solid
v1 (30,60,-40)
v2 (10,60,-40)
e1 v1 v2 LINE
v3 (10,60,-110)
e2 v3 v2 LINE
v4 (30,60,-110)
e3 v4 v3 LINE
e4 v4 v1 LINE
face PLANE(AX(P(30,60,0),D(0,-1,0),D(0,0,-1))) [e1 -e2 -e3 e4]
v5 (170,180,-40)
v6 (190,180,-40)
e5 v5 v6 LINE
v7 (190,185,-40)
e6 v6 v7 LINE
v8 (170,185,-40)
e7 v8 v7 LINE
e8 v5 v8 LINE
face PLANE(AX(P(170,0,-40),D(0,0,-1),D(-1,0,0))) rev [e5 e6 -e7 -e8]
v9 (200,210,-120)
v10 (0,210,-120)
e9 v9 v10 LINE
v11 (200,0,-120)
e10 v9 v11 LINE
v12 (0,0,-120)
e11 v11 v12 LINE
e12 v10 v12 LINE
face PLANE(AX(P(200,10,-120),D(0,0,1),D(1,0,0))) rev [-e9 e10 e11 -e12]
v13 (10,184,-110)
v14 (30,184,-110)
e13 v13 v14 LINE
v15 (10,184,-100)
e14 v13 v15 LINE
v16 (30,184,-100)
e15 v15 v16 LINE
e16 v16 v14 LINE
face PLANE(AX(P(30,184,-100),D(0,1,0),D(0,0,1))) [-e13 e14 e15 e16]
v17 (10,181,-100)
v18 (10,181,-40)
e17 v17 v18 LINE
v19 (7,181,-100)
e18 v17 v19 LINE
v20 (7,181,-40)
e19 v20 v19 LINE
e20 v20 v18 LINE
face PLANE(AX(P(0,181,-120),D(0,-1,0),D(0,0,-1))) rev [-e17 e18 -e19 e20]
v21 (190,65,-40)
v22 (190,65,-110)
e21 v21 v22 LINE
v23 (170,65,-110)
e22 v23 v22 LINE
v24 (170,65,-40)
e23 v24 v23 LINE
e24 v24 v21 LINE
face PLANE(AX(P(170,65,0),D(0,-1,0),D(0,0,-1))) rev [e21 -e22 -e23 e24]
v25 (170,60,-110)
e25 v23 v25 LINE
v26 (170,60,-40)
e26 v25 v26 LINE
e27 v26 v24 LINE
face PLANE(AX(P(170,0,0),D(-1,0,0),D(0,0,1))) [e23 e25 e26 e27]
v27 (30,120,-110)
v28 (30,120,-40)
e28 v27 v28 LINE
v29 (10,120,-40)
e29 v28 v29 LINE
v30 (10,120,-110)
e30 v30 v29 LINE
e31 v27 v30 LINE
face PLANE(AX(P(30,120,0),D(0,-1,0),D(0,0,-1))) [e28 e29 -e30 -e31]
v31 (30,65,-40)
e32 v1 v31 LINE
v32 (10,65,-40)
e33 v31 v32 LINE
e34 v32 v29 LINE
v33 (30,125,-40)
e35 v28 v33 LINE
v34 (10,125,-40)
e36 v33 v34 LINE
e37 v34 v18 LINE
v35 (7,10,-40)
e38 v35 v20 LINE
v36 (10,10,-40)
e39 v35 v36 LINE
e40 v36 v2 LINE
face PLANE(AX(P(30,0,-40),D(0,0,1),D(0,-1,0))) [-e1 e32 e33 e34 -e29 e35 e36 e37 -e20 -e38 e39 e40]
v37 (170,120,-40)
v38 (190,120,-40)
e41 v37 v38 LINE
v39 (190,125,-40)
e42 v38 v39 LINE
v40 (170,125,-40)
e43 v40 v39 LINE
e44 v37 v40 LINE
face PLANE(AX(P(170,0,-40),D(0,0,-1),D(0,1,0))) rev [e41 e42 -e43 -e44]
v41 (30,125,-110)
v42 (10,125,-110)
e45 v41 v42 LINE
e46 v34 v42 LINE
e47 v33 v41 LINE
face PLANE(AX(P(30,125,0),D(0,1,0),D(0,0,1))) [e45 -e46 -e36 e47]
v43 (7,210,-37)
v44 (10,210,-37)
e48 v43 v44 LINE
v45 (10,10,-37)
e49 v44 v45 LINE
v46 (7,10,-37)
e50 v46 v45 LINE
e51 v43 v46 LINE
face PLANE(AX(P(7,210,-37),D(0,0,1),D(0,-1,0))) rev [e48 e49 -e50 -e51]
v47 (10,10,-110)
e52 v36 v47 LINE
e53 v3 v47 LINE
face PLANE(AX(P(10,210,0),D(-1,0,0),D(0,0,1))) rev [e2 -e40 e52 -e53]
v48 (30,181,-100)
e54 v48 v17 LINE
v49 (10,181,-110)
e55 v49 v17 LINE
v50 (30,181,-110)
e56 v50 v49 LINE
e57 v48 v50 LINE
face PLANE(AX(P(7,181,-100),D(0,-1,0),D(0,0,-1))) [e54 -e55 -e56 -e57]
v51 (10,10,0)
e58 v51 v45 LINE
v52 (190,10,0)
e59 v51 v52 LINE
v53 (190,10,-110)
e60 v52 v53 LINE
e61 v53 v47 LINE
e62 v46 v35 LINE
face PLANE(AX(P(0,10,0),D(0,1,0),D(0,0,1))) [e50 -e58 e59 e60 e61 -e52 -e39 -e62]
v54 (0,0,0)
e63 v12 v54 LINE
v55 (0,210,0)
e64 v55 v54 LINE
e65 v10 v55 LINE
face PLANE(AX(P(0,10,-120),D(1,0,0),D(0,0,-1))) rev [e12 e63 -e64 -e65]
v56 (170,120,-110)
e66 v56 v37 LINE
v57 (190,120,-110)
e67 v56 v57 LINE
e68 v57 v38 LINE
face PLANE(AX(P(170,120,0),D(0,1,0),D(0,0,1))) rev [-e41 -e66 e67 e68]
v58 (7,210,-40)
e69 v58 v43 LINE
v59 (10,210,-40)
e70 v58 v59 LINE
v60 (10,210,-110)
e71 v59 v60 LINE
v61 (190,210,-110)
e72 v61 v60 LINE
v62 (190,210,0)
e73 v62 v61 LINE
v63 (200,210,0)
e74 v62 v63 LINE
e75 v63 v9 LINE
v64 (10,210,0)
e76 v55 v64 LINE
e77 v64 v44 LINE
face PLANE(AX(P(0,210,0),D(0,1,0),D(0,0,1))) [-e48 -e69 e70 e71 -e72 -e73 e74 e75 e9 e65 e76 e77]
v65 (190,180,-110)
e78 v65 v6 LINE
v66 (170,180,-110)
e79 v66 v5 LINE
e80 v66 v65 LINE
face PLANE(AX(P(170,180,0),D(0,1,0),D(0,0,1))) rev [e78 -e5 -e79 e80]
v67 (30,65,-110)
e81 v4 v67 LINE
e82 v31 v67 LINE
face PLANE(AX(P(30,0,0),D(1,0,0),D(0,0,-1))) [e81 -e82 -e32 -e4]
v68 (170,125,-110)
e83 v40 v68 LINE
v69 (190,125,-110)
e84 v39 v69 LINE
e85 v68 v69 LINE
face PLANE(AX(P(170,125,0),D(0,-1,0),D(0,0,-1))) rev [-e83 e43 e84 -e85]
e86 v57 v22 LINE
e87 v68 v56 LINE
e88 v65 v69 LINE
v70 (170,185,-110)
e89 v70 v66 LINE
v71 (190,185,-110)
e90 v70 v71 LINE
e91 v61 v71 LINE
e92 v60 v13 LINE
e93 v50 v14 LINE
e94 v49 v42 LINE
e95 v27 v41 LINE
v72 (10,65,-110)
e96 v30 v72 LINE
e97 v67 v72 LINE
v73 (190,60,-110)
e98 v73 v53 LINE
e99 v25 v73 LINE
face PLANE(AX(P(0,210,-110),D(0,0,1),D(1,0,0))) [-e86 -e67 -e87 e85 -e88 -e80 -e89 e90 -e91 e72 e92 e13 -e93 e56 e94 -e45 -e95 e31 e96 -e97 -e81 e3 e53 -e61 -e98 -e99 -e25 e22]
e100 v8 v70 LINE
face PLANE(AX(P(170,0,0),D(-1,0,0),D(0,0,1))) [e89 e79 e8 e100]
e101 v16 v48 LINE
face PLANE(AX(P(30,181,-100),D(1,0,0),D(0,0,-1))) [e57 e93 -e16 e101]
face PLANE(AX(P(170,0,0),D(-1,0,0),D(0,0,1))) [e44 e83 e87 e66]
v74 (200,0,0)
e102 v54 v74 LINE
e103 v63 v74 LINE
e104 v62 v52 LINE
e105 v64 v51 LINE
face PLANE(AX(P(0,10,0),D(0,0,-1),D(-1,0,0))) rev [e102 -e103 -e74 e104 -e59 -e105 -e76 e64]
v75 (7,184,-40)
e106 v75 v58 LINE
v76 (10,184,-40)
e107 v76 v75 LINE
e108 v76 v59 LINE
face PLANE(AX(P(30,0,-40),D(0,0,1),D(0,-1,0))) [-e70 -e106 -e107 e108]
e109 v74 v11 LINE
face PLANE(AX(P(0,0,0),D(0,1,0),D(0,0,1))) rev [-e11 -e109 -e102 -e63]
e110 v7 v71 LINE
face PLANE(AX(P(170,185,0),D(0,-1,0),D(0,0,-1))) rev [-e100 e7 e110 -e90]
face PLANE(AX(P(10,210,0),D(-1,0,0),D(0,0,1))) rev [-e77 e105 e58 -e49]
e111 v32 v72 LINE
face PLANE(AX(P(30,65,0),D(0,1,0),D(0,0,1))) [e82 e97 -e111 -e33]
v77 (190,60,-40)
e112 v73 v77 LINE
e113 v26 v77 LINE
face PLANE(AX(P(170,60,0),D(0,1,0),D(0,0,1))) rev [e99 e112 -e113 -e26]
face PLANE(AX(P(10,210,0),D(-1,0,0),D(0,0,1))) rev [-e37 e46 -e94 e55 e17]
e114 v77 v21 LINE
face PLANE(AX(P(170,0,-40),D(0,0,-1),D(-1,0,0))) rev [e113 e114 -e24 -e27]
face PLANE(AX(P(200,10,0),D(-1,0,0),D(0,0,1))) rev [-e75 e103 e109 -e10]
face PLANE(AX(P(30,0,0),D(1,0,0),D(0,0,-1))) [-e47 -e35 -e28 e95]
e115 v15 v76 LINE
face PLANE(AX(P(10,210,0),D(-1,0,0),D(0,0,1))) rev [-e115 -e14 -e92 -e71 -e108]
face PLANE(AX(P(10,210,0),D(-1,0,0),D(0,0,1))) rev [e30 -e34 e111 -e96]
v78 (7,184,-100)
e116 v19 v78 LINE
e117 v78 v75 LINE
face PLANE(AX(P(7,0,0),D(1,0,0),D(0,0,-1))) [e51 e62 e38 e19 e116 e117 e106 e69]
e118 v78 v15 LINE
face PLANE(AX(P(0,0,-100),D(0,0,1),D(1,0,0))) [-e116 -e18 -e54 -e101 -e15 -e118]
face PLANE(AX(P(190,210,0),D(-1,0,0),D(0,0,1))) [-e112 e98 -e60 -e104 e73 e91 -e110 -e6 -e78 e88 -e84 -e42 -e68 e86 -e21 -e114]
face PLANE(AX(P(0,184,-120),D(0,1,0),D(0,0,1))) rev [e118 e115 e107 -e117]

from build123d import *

# Parameters (mm, degrees)
SKETCH1_W           = 200
SKETCH1_H           = 120
BOSS_EXTRUDE2_DEPTH = 10
SKETCH2_W           = 10
SKETCH2_H           = 110
BOSS_EXTRUDE3_DEPTH = 200
SKETCH3_W           = 70
SKETCH3_H           = 5
BOSS_EXTRUDE4_DEPTH = 20
SKETCH4_W           = 70
SKETCH4_H           = 5
BOSS_EXTRUDE5_DEPTH = 20
SKETCH6_W           = 20
SKETCH6_H           = 3
CUT_EXTRUDE1_DEPTH  = 80
CUT_EXTRUDE2_DEPTH  = 3
SKETCH9_W           = 80
SKETCH9_H           = 3
CUT_EXTRUDE5_DEPTH  = 3
SKETCH10_W          = 20
SKETCH10_H          = 1
CUT_EXTRUDE6_DEPTH  = 70
SKETCH11_W          = 23
SKETCH11_H          = 3
BOSS_EXTRUDE6_DEPTH = 20


with BuildPart() as part:
    # Sketch1 → Boss-Extrude2 (new body)
    with BuildSketch(Plane(origin=(0, 0, 0), x_dir=(1, 0, 0), z_dir=(0, 1, 0))):
        with Locations((100, 60)):
            Rectangle(SKETCH1_W, SKETCH1_H)
    extrude(amount=BOSS_EXTRUDE2_DEPTH)

    # Sketch2 → Boss-Extrude3 (add)
    with BuildSketch(Plane(origin=(0, 10, 0), x_dir=(1, 0, 0), z_dir=(0, 1, 0))):
        with Locations((5, 55)):
            Rectangle(SKETCH2_W, SKETCH2_H)
        Polygon((200, 120), (0, 120), (0, 110), (10, 110), (190, 110), (200, 110), align=None)
        with Locations((195, 55)):
            Rectangle(SKETCH2_W, SKETCH2_H)
    extrude(amount=BOSS_EXTRUDE3_DEPTH)

    # Sketch3 → Boss-Extrude4 (add)
    with BuildSketch(Plane(origin=(10, 0, 0), x_dir=(0, 0, -1), z_dir=(1, 0, 0))):
        with Locations((75, 182.5)):
            Rectangle(SKETCH3_W, SKETCH3_H)
        with Locations((75, 122.5)):
            Rectangle(SKETCH3_W, SKETCH3_H)
        with Locations((75, 62.5)):
            Rectangle(SKETCH3_W, SKETCH3_H)
    extrude(amount=BOSS_EXTRUDE4_DEPTH)

    # Sketch4 → Boss-Extrude5 (add)
    with BuildSketch(Plane.ZY.offset(-190)):
        with Locations((-75, 182.5)):
            Rectangle(SKETCH4_W, SKETCH4_H)
        with Locations((-75, 122.5)):
            Rectangle(SKETCH4_W, SKETCH4_H)
        with Locations((-75, 62.5)):
            Rectangle(SKETCH4_W, SKETCH4_H)
    extrude(amount=BOSS_EXTRUDE5_DEPTH)

    # Sketch6 → Cut-Extrude1 (cut)
    with BuildSketch(Plane.XY.offset(-40)):
        with Locations((20, 182.5)):
            Rectangle(SKETCH6_W, SKETCH6_H)
    extrude(amount=-CUT_EXTRUDE1_DEPTH, mode=Mode.SUBTRACT)

    # Sketch7 → Cut-Extrude2 (cut)
    with BuildSketch(Plane(origin=(10, 0, 0), x_dir=(0, 0, -1), z_dir=(1, 0, 0))):
        Polygon((40, 185), (40, 210), (37, 210), (37, 10), (40, 10), align=None)
    extrude(amount=-CUT_EXTRUDE2_DEPTH, mode=Mode.SUBTRACT)

    # Sketch9 → Cut-Extrude5 (cut)
    with BuildSketch(Plane(origin=(10, 0, 0), x_dir=(0, 0, -1), z_dir=(1, 0, 0))):
        with Locations((80, 182.5)):
            Rectangle(SKETCH9_W, SKETCH9_H)
    extrude(amount=-CUT_EXTRUDE5_DEPTH, mode=Mode.SUBTRACT)

    # Sketch10 → Cut-Extrude6 (cut)
    with BuildSketch(Plane.XY.offset(-40)):
        with Locations((20, 184.5)):
            Rectangle(SKETCH10_W, SKETCH10_H)
        with Locations((20, 180.5)):
            Rectangle(SKETCH10_W, SKETCH10_H)
    extrude(amount=-CUT_EXTRUDE6_DEPTH, mode=Mode.SUBTRACT)

    # Sketch11 → Boss-Extrude6 (add)
    with BuildSketch(Plane(origin=(0, 0, -120), x_dir=(-1, 0, 0), z_dir=(0, 0, -1))):
        with Locations((-18.5, 182.5)):
            Rectangle(SKETCH11_W, SKETCH11_H)
    extrude(amount=-BOSS_EXTRUDE6_DEPTH)


solid = part.part
